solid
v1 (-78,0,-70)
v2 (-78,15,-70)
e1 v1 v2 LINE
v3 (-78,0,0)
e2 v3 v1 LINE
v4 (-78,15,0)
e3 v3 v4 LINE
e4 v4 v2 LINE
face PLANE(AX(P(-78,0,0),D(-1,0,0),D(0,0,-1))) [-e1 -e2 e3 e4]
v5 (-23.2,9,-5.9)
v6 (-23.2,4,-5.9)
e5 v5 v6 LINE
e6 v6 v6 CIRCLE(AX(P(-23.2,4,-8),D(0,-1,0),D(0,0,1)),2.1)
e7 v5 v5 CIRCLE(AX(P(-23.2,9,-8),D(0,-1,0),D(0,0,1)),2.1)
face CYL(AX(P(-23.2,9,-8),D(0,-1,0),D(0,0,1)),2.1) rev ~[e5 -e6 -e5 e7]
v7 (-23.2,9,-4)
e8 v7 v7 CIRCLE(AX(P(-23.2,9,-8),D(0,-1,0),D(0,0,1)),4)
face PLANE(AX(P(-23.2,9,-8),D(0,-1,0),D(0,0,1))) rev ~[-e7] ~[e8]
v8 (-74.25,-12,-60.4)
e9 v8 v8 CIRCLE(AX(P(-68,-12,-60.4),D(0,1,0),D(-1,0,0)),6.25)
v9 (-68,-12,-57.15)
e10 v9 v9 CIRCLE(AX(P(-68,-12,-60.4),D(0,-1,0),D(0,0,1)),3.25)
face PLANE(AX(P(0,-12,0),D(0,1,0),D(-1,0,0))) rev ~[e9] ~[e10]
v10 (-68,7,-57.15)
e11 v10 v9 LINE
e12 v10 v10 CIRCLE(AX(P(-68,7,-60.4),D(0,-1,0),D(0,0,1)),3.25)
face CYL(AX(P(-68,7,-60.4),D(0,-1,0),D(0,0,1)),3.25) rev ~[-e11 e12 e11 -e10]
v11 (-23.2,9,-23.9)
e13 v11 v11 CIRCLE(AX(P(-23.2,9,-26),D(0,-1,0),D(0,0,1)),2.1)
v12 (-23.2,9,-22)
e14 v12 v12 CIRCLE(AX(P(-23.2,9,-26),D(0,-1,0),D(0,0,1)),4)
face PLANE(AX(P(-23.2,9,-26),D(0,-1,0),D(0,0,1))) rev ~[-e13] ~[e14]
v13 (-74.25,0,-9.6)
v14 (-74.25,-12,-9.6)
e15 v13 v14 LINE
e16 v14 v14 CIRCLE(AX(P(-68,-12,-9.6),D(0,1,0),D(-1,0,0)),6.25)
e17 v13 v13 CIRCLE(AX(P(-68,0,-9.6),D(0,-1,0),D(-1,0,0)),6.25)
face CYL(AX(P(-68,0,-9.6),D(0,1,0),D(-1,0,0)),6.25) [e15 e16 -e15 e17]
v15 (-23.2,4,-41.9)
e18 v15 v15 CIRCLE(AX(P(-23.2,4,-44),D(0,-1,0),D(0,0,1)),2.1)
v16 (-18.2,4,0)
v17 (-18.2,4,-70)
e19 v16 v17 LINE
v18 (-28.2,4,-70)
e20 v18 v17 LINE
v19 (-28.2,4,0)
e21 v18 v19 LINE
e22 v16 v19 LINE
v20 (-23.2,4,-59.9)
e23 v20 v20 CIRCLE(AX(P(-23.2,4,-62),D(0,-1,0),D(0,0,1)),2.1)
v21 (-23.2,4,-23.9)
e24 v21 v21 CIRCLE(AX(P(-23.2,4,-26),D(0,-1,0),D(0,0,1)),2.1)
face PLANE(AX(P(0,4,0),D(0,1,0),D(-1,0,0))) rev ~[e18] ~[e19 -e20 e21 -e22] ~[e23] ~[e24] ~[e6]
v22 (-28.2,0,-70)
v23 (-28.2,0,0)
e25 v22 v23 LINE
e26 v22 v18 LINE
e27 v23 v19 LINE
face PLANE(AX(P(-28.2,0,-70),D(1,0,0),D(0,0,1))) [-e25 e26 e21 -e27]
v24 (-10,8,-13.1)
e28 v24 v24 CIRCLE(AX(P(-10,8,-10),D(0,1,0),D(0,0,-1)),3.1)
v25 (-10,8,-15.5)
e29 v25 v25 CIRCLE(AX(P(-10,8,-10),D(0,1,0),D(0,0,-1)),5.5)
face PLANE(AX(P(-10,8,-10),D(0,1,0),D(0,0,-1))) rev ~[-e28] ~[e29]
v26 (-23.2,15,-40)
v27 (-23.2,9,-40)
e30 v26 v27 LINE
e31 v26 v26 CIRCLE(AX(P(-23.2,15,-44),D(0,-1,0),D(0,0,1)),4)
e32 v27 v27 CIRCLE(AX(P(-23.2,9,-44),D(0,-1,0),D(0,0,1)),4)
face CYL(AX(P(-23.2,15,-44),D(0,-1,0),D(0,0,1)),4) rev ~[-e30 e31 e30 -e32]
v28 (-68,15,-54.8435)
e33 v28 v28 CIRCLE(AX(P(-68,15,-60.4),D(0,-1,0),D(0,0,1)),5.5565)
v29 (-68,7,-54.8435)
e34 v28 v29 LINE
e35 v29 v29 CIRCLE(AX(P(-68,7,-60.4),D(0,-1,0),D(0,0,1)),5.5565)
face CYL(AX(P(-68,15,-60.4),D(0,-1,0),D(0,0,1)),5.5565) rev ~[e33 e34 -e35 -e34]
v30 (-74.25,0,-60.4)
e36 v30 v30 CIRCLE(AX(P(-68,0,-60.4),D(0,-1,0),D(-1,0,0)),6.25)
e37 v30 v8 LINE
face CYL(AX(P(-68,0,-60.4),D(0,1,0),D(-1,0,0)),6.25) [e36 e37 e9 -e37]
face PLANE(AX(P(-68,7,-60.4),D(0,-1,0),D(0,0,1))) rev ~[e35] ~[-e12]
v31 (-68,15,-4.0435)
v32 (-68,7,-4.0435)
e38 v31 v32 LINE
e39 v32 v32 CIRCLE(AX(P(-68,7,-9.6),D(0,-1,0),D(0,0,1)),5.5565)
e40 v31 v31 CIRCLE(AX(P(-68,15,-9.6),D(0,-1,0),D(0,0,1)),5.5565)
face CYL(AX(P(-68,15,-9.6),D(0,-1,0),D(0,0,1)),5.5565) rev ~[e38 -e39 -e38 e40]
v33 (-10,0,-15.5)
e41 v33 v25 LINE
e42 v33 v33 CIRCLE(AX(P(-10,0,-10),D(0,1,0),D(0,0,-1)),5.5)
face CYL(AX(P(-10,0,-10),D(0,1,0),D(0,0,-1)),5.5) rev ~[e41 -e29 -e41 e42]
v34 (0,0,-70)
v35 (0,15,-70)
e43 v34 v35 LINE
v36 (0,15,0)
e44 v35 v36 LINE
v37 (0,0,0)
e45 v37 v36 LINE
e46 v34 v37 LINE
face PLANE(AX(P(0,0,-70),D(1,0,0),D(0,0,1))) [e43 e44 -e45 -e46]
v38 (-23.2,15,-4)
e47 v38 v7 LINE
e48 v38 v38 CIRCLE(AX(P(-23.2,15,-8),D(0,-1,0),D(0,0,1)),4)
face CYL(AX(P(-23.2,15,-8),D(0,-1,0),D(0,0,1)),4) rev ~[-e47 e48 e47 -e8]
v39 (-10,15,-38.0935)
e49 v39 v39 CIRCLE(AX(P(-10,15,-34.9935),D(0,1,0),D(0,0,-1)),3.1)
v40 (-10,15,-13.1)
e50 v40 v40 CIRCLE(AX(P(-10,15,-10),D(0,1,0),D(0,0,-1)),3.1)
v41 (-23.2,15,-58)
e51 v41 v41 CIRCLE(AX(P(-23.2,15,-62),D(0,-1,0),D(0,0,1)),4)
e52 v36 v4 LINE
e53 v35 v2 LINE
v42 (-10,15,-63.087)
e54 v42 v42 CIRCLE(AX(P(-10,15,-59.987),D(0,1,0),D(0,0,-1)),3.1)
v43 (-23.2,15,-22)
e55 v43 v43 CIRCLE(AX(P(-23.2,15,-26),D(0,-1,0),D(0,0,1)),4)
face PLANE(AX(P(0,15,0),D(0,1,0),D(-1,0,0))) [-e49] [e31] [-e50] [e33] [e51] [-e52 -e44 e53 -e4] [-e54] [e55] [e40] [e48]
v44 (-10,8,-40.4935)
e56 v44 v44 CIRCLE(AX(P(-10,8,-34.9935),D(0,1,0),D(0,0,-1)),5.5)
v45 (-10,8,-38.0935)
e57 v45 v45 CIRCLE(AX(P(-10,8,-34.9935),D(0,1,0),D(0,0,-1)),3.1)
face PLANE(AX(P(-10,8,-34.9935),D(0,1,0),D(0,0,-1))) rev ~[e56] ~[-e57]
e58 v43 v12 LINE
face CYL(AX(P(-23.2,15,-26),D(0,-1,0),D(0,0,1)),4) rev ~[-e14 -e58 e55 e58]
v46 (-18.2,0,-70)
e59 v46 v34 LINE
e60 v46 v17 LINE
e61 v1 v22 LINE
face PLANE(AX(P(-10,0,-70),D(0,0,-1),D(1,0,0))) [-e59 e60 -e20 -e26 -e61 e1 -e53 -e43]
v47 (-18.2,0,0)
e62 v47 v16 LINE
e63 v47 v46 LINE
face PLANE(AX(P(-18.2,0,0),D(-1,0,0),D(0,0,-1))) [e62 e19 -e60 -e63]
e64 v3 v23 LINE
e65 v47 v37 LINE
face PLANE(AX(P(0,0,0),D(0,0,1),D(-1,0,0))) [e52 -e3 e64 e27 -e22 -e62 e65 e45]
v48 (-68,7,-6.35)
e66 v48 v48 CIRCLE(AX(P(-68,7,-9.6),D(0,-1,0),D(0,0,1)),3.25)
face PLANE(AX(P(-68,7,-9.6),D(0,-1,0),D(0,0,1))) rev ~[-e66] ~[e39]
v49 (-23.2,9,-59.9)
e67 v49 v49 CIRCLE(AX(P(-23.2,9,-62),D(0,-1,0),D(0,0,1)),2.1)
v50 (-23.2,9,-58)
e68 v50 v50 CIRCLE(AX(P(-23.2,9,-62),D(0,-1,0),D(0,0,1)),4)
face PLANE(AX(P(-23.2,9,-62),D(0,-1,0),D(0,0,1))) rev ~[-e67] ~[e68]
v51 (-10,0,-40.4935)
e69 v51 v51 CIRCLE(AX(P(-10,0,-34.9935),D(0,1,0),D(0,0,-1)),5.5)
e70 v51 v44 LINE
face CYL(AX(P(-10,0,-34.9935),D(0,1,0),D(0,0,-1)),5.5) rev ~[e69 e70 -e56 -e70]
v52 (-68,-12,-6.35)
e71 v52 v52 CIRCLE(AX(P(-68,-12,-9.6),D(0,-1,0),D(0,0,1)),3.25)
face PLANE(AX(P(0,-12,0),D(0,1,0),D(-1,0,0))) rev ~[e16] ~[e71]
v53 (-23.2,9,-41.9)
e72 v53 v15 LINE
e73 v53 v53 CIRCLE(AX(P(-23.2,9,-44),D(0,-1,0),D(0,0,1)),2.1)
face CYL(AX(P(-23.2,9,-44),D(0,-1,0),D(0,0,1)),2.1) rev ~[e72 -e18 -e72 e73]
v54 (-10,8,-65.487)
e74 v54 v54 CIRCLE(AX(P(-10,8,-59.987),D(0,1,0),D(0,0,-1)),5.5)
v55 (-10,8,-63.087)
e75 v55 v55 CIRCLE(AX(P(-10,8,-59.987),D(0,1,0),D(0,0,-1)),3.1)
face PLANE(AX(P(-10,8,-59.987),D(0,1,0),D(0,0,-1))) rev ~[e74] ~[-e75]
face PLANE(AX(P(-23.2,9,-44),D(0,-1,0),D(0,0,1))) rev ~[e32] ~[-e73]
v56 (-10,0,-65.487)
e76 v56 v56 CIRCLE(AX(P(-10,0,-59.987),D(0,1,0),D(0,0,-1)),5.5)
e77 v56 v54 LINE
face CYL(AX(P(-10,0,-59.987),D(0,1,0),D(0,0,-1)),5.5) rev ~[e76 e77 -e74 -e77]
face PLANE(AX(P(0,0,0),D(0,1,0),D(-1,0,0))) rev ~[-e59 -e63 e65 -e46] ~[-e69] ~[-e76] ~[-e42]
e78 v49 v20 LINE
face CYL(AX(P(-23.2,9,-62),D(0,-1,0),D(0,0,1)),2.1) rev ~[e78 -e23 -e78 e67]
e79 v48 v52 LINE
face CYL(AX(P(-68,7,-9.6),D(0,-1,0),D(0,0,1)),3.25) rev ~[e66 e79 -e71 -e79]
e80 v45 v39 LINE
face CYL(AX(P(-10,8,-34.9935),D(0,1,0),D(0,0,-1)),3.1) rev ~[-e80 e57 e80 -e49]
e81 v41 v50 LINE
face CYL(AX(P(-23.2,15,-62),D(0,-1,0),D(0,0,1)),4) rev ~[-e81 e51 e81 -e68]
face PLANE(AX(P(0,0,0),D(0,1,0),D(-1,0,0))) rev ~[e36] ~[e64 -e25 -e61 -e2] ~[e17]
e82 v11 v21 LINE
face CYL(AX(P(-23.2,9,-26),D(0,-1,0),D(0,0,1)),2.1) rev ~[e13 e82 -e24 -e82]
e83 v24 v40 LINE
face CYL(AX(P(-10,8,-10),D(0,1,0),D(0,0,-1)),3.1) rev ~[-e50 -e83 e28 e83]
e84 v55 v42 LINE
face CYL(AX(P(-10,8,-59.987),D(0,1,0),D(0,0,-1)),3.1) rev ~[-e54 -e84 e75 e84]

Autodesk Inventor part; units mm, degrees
ref_plane "YZ Plane" through (0, 0, 0) normal (1, 0, 0) x (0, 1, 0)
ref_plane "XZ Plane" through (0, 0, 0) normal (0, 1, 0) x (-1, 0, 0)
ref_plane "XY Plane" through (0, 0, 0) normal (0, 0, 1) x (1, 0, 0)
sketch "Sketch1" plane through (0, 0, 0) normal (0, 1, 0) x (-1, 0, 0)
  line L0 (0, 0) -> (78, 0)
  line L1 (78, 0) -> (78, -70)
  line L2 (78, -70) -> (0, -70)
  line L3 (0, -70) -> (0, 0)
  line L4 (0, 0) -> (10, 0)
  line L5 (10, 0) -> (10, -70)
  line L6 (10, -70) -> (0, -70)
  line L7 (0, -70) -> (0, 0)
  line L8 (10, 0) -> (10, -10)
  line L9 (10, -10) -> (10, -34.9935)
  line L10 (10, -34.9935) -> (10, -59.987)
  line L11 (78, -70) -> (68, -70)
  line L12 (68, -70) -> (68, 0)
  line L13 (68, 0) -> (78, 0)
  line L14 (78, 0) -> (78, -70)
  line L15 (68, -70) -> (68, -60.4)
  line L16 (68, -60.4) -> (68, -9.6)
  circle A0 centre (68, -60.4) radius 6.25
  circle A1 centre (68, -9.6) radius 6.25
  line L17 (0, 0) -> (18.2, 0)
  line L18 (18.2, 0) -> (18.2, -70)
  line L19 (18.2, -70) -> (0, -70)
  line L20 (0, -70) -> (0, 0)
  line L21 (18.2, -70) -> (28.2, -70)
  line L22 (28.2, -70) -> (28.2, 0)
  line L23 (28.2, 0) -> (18.2, 0)
  line L24 (18.2, 0) -> (18.2, -70)
  dimension "d0" = 78
  dimension "d1" = 70
  dimension "d2" = 10
  dimension "d3" = 10
  dimension "d4" = 24.9935
  dimension "d5" = 24.9935
  dimension "d27" = 10
  dimension "d28" = 9.6
  dimension "d29" = 50.8
  dimension "d30" = 12.5
  dimension "d31" = 12.5
  dimension "d49" = 18.2
  dimension "d50" = 10
extrude "Extrusion1" add sketch "Sketch1" along normal blind 15
sketch "Sketch2" plane through (0, 15, 0) normal (0, 1, 0) x (1, 0, 0)
  line L0 (-78, 70) -> (-78, 0) projected
  line L1 (-78, 0) -> (0, 0) projected
  line L2 (-78, 70) -> (-68, 70)
  line L3 (-68, 70) -> (-68, 0)
  line L4 (-68, 0) -> (-78, 0)
  line L5 (-78, 0) -> (-78, 70)
  line L6 (-68, 70) -> (-68, 60.4)
  line L7 (-68, 60.4) -> (-68, 9.6)
  line L8 (0, 70) -> (-78, 70) projected
  line L9 (-68, 0) -> (-28.2, 0)
  line L10 (-28.2, 0) -> (-28.2, 70)
  line L11 (-28.2, 70) -> (-68, 70)
  line L12 (-68, 70) -> (-68, 0)
  line L13 (-28.2, 70) -> (-18.2, 70)
  line L14 (-18.2, 70) -> (-18.2, 0)
  line L15 (-18.2, 0) -> (-28.2, 0)
  line L16 (-28.2, 0) -> (-28.2, 70)
  line L17 (-28.2, 0) -> (-23.2, 0)
  line L18 (-23.2, 0) -> (-23.2, 70)
  line L19 (-23.2, 70) -> (-28.2, 70)
  line L20 (-28.2, 70) -> (-28.2, 0)
  line L21 (-23.2, 0) -> (-23.2, 8)
  line L22 (-23.2, 8) -> (-23.2, 26)
  line L23 (-23.2, 26) -> (-23.2, 44)
  line L24 (-23.2, 44) -> (-23.2, 62)
  line L25 (-23.2, 62) -> (-23.2, 70)
  point P0 (-28.2, 0)
  dimension "d15" = 10
  dimension "d16" = 9.6
  dimension "d17" = 50.8
  dimension "d25" = 39.8
  dimension "d26" = 10
  dimension "d36" = 5
  dimension "d37" = 8
  dimension "d38" = 18
  dimension "d39" = 18
  dimension "d40" = 18
  dimension "d41" = 8
extrude "Extrusion2" add sketch "Sketch1" against normal blind 12 contours A1 L12 | L12 A1 | A0 L12 | L12 A0
hole "Hole1" at (-10, 0, -10) at (-10, 0, -34.9935) at (-10, 0, -59.987) direction (0, 1, 0) diameter 6.2 end through all counterbore diameter 11 counterbore depth 8 clearance for "Socket Head Cap Screw" size "M6" standard "Ansi Metric M Profile"
hole "Hole2" at (-68, 15, -60.4) at (-68, 15, -9.6) direction (0, -1, 0) diameter 6.5 end through all counterbore diameter 11.113 counterbore depth 8 clearance for "Socket Head Cap Screw" size "1/4" standard "Ansi Unified Screw Threads"
hole "Hole3" at (-23.2, 15, -62) at (-23.2, 15, -44) at (-23.2, 15, -26) at (-23.2, 15, -8) direction (0, -1, 0) diameter 4.2 end through all counterbore diameter 8 counterbore depth 6 clearance for "Socket Head Cap Screw" size "M4" standard "Ansi Metric M Profile"
extrude "Extrusion4" cut sketch "Sketch1" along normal blind 4 contours L0 L22 L2 L18
properties part number "CameraAdapter_part1"
